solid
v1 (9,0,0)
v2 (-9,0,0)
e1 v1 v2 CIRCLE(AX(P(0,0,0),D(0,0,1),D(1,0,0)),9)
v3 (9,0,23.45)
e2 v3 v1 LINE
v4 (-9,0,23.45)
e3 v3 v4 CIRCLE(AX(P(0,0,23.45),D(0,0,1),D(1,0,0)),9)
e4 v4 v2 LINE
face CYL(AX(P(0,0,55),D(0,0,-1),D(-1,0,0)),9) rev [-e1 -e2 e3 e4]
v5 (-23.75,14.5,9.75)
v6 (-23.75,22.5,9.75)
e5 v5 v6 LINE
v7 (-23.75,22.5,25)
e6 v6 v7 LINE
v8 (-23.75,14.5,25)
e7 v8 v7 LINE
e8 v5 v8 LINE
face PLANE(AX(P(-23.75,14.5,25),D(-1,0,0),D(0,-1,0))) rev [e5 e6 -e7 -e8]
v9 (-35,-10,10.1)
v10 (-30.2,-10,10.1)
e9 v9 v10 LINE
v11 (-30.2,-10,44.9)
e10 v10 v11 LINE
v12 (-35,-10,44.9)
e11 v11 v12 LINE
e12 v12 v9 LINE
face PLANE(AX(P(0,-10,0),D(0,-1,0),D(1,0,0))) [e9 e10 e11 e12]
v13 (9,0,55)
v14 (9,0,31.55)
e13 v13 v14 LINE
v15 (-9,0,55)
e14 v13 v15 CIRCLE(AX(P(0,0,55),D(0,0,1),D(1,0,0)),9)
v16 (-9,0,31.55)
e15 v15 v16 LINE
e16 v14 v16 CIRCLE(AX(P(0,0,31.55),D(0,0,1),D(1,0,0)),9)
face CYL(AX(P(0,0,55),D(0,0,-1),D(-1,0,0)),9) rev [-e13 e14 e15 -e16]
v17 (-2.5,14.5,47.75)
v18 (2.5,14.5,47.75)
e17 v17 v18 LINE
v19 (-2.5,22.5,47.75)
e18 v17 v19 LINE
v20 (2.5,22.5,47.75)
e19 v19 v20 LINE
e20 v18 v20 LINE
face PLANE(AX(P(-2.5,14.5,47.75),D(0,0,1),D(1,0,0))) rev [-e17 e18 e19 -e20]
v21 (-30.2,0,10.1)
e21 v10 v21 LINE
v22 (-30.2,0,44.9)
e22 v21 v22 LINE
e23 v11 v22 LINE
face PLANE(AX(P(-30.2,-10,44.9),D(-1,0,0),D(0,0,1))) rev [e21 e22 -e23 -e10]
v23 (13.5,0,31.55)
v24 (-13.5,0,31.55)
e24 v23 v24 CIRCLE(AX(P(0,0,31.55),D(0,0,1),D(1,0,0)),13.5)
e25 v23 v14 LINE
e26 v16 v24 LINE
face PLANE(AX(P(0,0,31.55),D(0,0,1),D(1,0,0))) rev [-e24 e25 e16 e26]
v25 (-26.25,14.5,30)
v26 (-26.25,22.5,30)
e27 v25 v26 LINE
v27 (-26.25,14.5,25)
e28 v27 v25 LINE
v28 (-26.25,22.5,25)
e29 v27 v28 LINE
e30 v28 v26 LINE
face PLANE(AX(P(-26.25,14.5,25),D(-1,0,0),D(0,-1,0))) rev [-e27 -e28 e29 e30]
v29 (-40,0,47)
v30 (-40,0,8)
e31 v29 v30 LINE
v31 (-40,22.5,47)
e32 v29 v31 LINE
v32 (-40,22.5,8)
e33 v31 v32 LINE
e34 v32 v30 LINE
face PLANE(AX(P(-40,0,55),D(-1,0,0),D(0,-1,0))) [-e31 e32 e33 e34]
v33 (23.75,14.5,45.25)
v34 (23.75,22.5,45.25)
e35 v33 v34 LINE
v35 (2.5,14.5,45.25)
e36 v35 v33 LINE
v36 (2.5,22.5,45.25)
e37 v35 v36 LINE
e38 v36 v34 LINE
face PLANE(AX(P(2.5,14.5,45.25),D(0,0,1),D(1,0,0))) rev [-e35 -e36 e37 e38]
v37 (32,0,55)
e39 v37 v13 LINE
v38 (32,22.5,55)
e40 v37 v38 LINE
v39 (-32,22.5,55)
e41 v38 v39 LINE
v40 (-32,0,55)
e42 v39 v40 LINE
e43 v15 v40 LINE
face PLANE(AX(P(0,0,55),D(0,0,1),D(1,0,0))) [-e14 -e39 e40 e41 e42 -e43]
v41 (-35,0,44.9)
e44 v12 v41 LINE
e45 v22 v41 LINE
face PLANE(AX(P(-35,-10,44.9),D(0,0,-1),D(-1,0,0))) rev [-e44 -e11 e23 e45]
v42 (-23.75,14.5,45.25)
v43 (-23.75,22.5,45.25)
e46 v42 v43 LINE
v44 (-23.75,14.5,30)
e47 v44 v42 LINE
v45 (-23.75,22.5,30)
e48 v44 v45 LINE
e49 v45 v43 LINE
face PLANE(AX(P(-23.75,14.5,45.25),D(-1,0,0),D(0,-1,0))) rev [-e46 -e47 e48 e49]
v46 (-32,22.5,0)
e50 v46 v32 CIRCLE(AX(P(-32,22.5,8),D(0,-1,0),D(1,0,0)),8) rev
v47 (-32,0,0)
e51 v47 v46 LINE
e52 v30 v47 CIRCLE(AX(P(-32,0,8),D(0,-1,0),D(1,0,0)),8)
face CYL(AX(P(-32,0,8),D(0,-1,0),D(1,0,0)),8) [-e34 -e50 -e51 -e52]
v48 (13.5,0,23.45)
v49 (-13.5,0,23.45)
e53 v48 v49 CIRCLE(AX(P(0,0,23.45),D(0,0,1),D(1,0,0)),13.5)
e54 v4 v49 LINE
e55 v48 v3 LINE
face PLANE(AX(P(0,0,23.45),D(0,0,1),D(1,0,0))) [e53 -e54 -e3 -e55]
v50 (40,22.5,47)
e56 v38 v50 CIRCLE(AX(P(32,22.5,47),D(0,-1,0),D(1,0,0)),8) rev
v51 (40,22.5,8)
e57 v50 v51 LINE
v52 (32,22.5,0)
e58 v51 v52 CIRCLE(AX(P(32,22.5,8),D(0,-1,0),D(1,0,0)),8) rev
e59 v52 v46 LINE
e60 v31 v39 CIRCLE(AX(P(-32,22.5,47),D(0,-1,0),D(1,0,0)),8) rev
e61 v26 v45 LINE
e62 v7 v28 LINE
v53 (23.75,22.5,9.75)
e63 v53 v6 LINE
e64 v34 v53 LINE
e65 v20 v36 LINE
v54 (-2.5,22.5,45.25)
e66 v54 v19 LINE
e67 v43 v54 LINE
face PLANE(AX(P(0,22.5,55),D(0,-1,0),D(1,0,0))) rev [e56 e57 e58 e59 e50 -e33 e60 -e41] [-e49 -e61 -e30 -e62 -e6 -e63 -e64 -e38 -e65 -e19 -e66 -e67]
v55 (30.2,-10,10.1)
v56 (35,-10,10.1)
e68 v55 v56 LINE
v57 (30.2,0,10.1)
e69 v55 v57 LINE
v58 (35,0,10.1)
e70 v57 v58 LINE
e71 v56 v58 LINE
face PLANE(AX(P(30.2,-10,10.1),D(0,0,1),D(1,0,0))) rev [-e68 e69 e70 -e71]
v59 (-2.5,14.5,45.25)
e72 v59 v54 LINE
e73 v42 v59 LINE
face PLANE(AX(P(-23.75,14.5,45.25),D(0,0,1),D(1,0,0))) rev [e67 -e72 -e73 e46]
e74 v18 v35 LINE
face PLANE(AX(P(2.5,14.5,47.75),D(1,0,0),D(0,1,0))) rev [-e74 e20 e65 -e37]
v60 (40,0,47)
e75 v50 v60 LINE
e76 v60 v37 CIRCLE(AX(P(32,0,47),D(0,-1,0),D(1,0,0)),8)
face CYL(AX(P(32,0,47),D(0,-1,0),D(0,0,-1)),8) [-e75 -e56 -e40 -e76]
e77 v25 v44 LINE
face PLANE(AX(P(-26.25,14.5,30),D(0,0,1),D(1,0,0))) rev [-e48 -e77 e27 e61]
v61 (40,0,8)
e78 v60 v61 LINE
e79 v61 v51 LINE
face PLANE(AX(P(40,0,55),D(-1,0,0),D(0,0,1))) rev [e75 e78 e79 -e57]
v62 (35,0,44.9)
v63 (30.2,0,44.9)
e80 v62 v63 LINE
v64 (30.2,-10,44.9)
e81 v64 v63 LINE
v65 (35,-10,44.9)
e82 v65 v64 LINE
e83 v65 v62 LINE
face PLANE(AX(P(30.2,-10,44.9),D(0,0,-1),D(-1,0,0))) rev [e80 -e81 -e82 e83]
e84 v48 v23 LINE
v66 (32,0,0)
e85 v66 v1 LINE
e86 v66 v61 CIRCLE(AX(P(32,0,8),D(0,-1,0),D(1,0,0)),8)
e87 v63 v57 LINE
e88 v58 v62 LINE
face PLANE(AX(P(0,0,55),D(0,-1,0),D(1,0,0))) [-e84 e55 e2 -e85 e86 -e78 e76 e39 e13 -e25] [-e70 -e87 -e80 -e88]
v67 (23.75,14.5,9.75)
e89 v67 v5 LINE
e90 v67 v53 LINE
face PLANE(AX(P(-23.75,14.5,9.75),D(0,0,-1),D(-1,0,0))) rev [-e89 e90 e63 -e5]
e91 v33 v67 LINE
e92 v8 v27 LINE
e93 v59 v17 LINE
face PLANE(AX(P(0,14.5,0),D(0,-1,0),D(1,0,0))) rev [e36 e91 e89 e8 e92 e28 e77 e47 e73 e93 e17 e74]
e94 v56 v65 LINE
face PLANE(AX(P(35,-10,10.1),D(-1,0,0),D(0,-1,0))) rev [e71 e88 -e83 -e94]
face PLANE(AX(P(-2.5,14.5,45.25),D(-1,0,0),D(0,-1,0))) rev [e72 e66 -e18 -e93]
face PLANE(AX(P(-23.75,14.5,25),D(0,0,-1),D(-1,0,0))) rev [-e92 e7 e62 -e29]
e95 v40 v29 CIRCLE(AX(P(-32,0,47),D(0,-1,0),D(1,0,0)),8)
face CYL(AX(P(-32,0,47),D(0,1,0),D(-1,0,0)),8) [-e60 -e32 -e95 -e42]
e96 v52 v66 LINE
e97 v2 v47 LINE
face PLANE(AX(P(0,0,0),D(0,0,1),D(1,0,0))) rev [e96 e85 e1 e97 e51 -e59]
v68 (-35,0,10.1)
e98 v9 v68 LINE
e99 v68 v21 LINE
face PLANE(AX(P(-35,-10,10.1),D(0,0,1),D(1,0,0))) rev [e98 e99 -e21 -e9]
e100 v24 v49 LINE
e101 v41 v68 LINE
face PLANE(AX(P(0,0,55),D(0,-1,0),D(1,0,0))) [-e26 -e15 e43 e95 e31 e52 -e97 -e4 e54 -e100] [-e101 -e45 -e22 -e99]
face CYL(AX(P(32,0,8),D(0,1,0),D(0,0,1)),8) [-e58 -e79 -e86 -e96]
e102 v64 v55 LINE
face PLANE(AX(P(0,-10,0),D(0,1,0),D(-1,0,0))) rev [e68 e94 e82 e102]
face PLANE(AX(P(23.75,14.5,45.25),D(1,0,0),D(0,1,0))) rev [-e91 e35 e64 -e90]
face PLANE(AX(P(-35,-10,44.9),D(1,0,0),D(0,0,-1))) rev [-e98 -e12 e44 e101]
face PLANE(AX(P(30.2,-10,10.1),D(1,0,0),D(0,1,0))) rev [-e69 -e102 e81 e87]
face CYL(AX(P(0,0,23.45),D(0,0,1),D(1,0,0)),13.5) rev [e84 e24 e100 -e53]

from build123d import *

# Parameters (mm, degrees)
SALIENTE_EXTRUIR1_DEPTH = 55
CROQUIS2_R              = 13.5
CORTAR_EXTRUIR1_DEPTH   = 4.05
CROQUIS3_W              = 4.8
CROQUIS3_H              = 34.8
SALIENTE_EXTRUIR2_DEPTH = 10
REDONDEO1_R             = 8
CORTAR_EXTRUIR2_DEPTH   = 8


with BuildPart() as part:
    # Croquis1 → Saliente-Extruir1 (new body)
    with BuildSketch(Plane.XY):
        with BuildLine():
            Line((-40, 0), (-9, 0))
            ThreePointArc((-9, 0), (0, 9), (9, 0))
            Line((9, 0), (40, 0))
            Line((40, 0), (40, 22.5))
            Line((40, 22.5), (-40, 22.5))
            Line((-40, 22.5), (-40, 0))
        make_face()
    extrude(amount=SALIENTE_EXTRUIR1_DEPTH)

    # Croquis2 → Cortar-Extruir1 (cut, symmetric)
    with BuildSketch(Plane.XY.offset(27.5)):
        Circle(CROQUIS2_R)
    extrude(amount=CORTAR_EXTRUIR1_DEPTH, both=True, mode=Mode.SUBTRACT)

    # Croquis3 → Saliente-Extruir2 (add)
    with BuildSketch(Plane.XZ):
        with Locations((-32.6, 27.5)):
            Rectangle(CROQUIS3_W, CROQUIS3_H)
        with Locations((32.6, 27.5)):
            Rectangle(CROQUIS3_W, CROQUIS3_H)
    extrude(amount=SALIENTE_EXTRUIR2_DEPTH)

    # Redondeo1
    redondeo1_edges = [part.edges().sort_by_distance(p)[0] for p in [
        (40, 11.25, 55),
        (-40, 11.25, 55),
        (-40, 11.25, 0),
        (40, 11.25, 0),
    ]]
    fillet(redondeo1_edges, radius=REDONDEO1_R)

    # Croquis6 → Cortar-Extruir2 (cut)
    with BuildSketch(Plane(origin=(0, 22.5, 0), x_dir=(1, 0, 0), z_dir=(0, 1, 0))):
        Polygon((-23.75, -45.25), (-2.5, -45.25), (-2.5, -47.75), (2.5, -47.75), (2.5, -45.25), (23.75, -45.25), (23.75, -9.75), (-23.75, -9.75), (-23.75, -25), (-26.25, -25), (-26.25, -30), (-23.75, -30), align=None)
    extrude(amount=-CORTAR_EXTRUIR2_DEPTH, mode=Mode.SUBTRACT)


solid = part.part
